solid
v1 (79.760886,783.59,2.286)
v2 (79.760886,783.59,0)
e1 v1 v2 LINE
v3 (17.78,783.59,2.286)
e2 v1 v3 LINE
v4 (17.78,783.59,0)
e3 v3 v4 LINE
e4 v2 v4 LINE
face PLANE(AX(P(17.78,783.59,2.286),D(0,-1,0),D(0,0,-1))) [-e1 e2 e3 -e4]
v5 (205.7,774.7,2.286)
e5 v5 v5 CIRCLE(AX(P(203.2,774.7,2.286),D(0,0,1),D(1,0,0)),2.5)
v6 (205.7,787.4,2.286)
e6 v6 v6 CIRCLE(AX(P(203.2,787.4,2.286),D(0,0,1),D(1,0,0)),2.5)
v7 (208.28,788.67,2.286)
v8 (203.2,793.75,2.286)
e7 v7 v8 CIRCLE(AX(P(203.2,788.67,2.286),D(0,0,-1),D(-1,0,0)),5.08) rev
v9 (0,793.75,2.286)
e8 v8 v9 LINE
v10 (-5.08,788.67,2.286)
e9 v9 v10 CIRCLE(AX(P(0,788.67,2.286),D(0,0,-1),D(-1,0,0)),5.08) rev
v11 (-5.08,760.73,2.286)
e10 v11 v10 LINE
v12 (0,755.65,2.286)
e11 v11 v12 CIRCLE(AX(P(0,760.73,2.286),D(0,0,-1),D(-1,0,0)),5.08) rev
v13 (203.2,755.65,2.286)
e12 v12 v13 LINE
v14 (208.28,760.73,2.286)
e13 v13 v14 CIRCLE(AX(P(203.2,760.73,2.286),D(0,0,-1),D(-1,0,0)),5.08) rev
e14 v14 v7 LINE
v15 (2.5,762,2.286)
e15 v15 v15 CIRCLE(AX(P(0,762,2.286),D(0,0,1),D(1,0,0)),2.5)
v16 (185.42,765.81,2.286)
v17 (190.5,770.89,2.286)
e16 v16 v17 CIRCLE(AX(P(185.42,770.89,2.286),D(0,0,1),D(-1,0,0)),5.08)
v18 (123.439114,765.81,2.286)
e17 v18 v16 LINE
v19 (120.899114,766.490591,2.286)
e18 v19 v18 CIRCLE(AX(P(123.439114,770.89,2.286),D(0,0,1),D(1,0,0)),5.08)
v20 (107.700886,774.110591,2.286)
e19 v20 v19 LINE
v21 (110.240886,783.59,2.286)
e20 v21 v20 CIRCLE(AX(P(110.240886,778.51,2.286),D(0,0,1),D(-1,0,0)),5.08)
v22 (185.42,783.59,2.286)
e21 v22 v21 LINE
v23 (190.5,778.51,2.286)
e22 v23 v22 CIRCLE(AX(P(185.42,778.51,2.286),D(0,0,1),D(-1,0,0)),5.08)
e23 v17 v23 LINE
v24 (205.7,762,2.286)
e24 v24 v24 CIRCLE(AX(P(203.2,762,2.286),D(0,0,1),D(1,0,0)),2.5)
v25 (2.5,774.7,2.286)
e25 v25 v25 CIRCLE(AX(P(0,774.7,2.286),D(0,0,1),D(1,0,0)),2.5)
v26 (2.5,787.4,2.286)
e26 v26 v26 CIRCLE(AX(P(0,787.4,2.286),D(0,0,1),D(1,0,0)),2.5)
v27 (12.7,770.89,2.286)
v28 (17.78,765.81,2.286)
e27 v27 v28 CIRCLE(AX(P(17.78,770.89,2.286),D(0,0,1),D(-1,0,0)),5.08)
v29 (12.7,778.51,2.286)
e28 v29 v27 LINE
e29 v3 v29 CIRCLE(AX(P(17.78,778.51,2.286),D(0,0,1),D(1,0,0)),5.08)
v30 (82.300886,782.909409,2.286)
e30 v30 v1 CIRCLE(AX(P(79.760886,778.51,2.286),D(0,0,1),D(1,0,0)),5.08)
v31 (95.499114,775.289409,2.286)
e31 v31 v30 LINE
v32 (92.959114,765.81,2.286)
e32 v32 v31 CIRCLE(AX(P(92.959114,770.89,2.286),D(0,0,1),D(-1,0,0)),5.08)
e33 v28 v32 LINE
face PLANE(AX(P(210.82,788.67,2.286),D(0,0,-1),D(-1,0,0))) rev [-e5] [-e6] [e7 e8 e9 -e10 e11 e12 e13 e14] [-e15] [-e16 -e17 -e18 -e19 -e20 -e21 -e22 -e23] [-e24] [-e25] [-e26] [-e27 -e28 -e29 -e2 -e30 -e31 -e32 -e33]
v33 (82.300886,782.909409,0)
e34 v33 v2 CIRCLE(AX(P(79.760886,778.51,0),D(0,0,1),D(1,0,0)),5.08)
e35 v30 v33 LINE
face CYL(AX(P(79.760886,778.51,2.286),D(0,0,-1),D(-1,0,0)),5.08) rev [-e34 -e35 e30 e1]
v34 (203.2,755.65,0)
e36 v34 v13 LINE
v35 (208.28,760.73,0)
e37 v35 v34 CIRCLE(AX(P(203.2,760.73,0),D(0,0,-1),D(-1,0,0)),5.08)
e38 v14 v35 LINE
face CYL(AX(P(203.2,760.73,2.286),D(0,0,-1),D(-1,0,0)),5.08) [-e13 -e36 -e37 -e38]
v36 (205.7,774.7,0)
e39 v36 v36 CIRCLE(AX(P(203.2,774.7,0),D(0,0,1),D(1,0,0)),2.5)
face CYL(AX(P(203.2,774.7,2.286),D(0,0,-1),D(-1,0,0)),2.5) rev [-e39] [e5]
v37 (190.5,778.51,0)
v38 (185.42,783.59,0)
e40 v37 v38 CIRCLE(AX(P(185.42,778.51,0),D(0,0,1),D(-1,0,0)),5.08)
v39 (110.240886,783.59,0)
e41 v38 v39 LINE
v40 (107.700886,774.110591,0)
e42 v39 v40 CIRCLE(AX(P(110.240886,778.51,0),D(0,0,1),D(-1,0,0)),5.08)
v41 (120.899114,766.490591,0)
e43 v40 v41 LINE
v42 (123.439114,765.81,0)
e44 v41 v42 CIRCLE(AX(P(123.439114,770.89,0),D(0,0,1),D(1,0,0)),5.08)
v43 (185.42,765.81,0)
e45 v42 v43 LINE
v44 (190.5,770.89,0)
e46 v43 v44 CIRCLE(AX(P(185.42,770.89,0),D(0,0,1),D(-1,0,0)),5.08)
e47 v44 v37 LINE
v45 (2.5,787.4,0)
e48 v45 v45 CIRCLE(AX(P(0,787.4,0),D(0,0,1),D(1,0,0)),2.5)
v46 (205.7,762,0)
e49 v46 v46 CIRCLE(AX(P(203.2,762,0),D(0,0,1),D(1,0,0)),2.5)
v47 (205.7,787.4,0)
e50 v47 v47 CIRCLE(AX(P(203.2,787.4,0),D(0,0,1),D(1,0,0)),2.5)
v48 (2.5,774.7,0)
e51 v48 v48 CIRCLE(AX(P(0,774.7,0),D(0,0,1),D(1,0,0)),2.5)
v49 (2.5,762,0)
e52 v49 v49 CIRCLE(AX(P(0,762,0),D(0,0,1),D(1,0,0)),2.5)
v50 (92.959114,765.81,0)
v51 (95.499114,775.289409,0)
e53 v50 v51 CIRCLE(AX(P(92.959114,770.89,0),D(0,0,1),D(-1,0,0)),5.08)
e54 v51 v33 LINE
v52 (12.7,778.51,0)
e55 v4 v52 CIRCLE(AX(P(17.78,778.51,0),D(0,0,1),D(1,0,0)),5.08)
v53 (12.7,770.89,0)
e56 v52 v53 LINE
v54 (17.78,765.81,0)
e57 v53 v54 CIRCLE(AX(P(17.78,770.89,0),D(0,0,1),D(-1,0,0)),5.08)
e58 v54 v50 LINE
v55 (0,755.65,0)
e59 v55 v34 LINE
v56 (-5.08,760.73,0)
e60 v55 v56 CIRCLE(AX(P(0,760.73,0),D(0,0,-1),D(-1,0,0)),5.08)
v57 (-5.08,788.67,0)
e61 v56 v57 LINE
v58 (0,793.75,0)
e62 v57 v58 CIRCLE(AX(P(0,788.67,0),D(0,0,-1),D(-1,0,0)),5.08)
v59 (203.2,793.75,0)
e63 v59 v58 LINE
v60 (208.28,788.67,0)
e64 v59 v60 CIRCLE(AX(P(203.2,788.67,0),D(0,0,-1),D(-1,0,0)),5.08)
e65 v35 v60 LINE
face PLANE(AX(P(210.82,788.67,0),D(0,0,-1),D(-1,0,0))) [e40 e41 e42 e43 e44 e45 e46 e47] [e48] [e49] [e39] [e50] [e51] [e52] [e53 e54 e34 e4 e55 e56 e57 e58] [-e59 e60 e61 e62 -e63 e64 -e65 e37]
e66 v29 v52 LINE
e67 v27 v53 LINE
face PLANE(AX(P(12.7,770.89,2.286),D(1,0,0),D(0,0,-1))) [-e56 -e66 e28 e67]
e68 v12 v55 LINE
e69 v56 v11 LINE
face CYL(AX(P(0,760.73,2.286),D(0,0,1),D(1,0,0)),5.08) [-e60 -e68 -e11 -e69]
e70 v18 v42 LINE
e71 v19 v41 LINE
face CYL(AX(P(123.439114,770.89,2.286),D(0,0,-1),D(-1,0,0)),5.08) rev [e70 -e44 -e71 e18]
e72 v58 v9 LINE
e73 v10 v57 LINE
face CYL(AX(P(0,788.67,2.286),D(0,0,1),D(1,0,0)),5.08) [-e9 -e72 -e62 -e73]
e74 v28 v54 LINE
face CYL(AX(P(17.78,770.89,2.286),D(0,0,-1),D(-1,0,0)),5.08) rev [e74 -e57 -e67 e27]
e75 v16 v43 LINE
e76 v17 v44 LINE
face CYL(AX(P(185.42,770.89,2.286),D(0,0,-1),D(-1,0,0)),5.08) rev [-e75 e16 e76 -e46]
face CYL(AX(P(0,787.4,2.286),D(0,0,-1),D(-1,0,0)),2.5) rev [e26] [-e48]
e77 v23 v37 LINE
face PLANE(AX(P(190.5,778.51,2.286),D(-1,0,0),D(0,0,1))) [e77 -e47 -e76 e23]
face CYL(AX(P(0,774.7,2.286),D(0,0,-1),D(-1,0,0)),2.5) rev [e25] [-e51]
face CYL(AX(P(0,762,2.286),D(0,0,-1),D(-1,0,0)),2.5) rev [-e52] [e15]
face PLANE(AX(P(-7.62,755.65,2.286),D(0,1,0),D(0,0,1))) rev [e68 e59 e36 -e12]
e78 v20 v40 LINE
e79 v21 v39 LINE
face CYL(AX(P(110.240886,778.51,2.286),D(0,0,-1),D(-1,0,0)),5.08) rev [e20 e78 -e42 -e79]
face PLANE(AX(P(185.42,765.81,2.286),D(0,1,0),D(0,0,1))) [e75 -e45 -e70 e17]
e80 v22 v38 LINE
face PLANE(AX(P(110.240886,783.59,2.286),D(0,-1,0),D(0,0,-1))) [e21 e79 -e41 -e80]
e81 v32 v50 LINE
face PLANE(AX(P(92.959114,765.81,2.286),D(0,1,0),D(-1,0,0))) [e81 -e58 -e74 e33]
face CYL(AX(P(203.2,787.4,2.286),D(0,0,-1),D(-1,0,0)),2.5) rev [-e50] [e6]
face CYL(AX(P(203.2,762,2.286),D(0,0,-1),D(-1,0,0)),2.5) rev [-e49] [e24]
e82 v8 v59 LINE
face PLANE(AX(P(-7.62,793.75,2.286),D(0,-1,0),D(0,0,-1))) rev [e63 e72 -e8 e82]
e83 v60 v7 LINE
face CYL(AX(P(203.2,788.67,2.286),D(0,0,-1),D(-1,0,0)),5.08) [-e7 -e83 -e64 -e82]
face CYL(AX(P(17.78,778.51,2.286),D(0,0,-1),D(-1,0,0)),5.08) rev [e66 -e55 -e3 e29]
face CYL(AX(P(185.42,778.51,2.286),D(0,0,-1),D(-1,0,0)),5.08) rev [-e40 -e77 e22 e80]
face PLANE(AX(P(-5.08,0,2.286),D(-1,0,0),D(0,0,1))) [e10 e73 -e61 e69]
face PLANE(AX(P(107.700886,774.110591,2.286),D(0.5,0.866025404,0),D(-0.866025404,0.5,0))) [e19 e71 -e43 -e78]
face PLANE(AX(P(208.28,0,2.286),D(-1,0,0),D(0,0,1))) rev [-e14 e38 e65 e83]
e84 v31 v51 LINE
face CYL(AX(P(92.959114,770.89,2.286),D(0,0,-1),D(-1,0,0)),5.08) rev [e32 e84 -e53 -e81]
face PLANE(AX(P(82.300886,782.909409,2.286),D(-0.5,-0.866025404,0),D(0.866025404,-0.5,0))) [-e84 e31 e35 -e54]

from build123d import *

# Parameters (mm, degrees)
SKETCH1_R           = 2.5
BOSS_EXTRUDE1_DEPTH = 2.286
CUT_EXTRUDE1_DEPTH  = 823.59169598
FILLET1_R           = 5.08


with BuildPart() as part:
    # Sketch1 → Boss-Extrude1 (new body)
    with BuildSketch(Plane.XY):
        with BuildLine():
            Line((-7.62, 755.65), (210.82, 755.65))
            ThreePointArc((210.82, 755.65), (214.412102448, 757.137897552), (215.9, 760.73))
            Line((215.9, 760.73), (215.9, 788.67))
            ThreePointArc((215.9, 788.67), (214.412102448, 792.262102448), (210.82, 793.75))
            Line((210.82, 793.75), (-7.62, 793.75))
            ThreePointArc((-7.62, 793.75), (-11.212102448, 792.262102448), (-12.7, 788.67))
            Line((-12.7, 788.67), (-12.7, 760.73))
            ThreePointArc((-12.7, 760.73), (-11.212102448, 757.137897552), (-7.62, 755.65))
        make_face()
        with Locations((0, 762)):
            Circle(SKETCH1_R, mode=Mode.SUBTRACT)
        with Locations((0, 774.7)):
            Circle(SKETCH1_R, mode=Mode.SUBTRACT)
        with Locations((0, 787.4)):
            Circle(SKETCH1_R, mode=Mode.SUBTRACT)
        with Locations((203.2, 762)):
            Circle(SKETCH1_R, mode=Mode.SUBTRACT)
        with Locations((203.2, 774.7)):
            Circle(SKETCH1_R, mode=Mode.SUBTRACT)
        with Locations((203.2, 787.4)):
            Circle(SKETCH1_R, mode=Mode.SUBTRACT)
        with BuildLine():
            Line((17.78, 783.59), (79.760886363, 783.59))
            ThreePointArc((79.760886363, 783.59), (81.075687113, 783.416903198), (82.300886363, 782.909409051))
            Line((82.300886363, 782.909409051), (95.499113517, 775.289409051))
            ThreePointArc((95.499113517, 775.289409051), (97.866016715, 769.575199251), (92.959113517, 765.81))
            Line((92.959113517, 765.81), (17.78, 765.81))
            ThreePointArc((17.78, 765.81), (14.187897552, 767.297897552), (12.7, 770.89))
            Line((12.7, 770.89), (12.7, 778.51))
            ThreePointArc((12.7, 778.51), (14.187897552, 782.102102448), (17.78, 783.59))
        make_face(mode=Mode.SUBTRACT)
        with BuildLine():
            Line((190.5, 778.51), (190.5, 770.89))
            ThreePointArc((190.5, 770.89), (189.012102448, 767.297897552), (185.42, 765.81))
            Line((185.42, 765.81), (123.439113517, 765.81))
            ThreePointArc((123.439113517, 765.81), (122.124312768, 765.983096802), (120.899113517, 766.490590949))
            Line((120.899113517, 766.490590949), (107.700886363, 774.110590949))
            ThreePointArc((107.700886363, 774.110590949), (105.333983166, 779.824800749), (110.240886363, 783.59))
            Line((110.240886363, 783.59), (185.42, 783.59))
            ThreePointArc((185.42, 783.59), (189.012102448, 782.102102448), (190.5, 778.51))
        make_face(mode=Mode.SUBTRACT)
    extrude(amount=BOSS_EXTRUDE1_DEPTH)

    # Sketch3 → Cut-Extrude1 (cut, through all)
    with BuildSketch(Plane(origin=(0, 0, 0), x_dir=(-1, 0, 0), z_dir=(0, 0, -1))):
        with BuildLine():
            Line((-210.82, 755.65), (-208.28, 755.65))
            Line((-208.28, 755.65), (-208.28, 793.75))
            Line((-208.28, 793.75), (-210.82, 793.75))
            ThreePointArc((-210.82, 793.75), (-214.412102448, 792.262102448), (-215.9, 788.67))
            Line((-215.9, 788.67), (-215.9, 760.73))
            ThreePointArc((-215.9, 760.73), (-214.412102448, 757.137897552), (-210.82, 755.65))
        make_face()
        with BuildLine():
            Line((5.08, 793.75), (5.08, 755.65))
            Line((5.08, 755.65), (7.62, 755.65))
            ThreePointArc((7.62, 755.65), (11.212102448, 757.137897552), (12.7, 760.73))
            Line((12.7, 760.73), (12.7, 788.67))
            ThreePointArc((12.7, 788.67), (11.212102448, 792.262102448), (7.62, 793.75))
            Line((7.62, 793.75), (5.08, 793.75))
        make_face()
    extrude(amount=-CUT_EXTRUDE1_DEPTH, mode=Mode.SUBTRACT)

    # Fillet1
    fillet1_edges = [part.edges().sort_by_distance(p)[0] for p in [
        (208.28, 755.65, 1.143),
        (208.28, 793.75, 1.143),
        (-5.08, 755.65, 1.143),
        (-5.08, 793.75, 1.143),
    ]]
    fillet(fillet1_edges, radius=FILLET1_R)


solid = part.part
